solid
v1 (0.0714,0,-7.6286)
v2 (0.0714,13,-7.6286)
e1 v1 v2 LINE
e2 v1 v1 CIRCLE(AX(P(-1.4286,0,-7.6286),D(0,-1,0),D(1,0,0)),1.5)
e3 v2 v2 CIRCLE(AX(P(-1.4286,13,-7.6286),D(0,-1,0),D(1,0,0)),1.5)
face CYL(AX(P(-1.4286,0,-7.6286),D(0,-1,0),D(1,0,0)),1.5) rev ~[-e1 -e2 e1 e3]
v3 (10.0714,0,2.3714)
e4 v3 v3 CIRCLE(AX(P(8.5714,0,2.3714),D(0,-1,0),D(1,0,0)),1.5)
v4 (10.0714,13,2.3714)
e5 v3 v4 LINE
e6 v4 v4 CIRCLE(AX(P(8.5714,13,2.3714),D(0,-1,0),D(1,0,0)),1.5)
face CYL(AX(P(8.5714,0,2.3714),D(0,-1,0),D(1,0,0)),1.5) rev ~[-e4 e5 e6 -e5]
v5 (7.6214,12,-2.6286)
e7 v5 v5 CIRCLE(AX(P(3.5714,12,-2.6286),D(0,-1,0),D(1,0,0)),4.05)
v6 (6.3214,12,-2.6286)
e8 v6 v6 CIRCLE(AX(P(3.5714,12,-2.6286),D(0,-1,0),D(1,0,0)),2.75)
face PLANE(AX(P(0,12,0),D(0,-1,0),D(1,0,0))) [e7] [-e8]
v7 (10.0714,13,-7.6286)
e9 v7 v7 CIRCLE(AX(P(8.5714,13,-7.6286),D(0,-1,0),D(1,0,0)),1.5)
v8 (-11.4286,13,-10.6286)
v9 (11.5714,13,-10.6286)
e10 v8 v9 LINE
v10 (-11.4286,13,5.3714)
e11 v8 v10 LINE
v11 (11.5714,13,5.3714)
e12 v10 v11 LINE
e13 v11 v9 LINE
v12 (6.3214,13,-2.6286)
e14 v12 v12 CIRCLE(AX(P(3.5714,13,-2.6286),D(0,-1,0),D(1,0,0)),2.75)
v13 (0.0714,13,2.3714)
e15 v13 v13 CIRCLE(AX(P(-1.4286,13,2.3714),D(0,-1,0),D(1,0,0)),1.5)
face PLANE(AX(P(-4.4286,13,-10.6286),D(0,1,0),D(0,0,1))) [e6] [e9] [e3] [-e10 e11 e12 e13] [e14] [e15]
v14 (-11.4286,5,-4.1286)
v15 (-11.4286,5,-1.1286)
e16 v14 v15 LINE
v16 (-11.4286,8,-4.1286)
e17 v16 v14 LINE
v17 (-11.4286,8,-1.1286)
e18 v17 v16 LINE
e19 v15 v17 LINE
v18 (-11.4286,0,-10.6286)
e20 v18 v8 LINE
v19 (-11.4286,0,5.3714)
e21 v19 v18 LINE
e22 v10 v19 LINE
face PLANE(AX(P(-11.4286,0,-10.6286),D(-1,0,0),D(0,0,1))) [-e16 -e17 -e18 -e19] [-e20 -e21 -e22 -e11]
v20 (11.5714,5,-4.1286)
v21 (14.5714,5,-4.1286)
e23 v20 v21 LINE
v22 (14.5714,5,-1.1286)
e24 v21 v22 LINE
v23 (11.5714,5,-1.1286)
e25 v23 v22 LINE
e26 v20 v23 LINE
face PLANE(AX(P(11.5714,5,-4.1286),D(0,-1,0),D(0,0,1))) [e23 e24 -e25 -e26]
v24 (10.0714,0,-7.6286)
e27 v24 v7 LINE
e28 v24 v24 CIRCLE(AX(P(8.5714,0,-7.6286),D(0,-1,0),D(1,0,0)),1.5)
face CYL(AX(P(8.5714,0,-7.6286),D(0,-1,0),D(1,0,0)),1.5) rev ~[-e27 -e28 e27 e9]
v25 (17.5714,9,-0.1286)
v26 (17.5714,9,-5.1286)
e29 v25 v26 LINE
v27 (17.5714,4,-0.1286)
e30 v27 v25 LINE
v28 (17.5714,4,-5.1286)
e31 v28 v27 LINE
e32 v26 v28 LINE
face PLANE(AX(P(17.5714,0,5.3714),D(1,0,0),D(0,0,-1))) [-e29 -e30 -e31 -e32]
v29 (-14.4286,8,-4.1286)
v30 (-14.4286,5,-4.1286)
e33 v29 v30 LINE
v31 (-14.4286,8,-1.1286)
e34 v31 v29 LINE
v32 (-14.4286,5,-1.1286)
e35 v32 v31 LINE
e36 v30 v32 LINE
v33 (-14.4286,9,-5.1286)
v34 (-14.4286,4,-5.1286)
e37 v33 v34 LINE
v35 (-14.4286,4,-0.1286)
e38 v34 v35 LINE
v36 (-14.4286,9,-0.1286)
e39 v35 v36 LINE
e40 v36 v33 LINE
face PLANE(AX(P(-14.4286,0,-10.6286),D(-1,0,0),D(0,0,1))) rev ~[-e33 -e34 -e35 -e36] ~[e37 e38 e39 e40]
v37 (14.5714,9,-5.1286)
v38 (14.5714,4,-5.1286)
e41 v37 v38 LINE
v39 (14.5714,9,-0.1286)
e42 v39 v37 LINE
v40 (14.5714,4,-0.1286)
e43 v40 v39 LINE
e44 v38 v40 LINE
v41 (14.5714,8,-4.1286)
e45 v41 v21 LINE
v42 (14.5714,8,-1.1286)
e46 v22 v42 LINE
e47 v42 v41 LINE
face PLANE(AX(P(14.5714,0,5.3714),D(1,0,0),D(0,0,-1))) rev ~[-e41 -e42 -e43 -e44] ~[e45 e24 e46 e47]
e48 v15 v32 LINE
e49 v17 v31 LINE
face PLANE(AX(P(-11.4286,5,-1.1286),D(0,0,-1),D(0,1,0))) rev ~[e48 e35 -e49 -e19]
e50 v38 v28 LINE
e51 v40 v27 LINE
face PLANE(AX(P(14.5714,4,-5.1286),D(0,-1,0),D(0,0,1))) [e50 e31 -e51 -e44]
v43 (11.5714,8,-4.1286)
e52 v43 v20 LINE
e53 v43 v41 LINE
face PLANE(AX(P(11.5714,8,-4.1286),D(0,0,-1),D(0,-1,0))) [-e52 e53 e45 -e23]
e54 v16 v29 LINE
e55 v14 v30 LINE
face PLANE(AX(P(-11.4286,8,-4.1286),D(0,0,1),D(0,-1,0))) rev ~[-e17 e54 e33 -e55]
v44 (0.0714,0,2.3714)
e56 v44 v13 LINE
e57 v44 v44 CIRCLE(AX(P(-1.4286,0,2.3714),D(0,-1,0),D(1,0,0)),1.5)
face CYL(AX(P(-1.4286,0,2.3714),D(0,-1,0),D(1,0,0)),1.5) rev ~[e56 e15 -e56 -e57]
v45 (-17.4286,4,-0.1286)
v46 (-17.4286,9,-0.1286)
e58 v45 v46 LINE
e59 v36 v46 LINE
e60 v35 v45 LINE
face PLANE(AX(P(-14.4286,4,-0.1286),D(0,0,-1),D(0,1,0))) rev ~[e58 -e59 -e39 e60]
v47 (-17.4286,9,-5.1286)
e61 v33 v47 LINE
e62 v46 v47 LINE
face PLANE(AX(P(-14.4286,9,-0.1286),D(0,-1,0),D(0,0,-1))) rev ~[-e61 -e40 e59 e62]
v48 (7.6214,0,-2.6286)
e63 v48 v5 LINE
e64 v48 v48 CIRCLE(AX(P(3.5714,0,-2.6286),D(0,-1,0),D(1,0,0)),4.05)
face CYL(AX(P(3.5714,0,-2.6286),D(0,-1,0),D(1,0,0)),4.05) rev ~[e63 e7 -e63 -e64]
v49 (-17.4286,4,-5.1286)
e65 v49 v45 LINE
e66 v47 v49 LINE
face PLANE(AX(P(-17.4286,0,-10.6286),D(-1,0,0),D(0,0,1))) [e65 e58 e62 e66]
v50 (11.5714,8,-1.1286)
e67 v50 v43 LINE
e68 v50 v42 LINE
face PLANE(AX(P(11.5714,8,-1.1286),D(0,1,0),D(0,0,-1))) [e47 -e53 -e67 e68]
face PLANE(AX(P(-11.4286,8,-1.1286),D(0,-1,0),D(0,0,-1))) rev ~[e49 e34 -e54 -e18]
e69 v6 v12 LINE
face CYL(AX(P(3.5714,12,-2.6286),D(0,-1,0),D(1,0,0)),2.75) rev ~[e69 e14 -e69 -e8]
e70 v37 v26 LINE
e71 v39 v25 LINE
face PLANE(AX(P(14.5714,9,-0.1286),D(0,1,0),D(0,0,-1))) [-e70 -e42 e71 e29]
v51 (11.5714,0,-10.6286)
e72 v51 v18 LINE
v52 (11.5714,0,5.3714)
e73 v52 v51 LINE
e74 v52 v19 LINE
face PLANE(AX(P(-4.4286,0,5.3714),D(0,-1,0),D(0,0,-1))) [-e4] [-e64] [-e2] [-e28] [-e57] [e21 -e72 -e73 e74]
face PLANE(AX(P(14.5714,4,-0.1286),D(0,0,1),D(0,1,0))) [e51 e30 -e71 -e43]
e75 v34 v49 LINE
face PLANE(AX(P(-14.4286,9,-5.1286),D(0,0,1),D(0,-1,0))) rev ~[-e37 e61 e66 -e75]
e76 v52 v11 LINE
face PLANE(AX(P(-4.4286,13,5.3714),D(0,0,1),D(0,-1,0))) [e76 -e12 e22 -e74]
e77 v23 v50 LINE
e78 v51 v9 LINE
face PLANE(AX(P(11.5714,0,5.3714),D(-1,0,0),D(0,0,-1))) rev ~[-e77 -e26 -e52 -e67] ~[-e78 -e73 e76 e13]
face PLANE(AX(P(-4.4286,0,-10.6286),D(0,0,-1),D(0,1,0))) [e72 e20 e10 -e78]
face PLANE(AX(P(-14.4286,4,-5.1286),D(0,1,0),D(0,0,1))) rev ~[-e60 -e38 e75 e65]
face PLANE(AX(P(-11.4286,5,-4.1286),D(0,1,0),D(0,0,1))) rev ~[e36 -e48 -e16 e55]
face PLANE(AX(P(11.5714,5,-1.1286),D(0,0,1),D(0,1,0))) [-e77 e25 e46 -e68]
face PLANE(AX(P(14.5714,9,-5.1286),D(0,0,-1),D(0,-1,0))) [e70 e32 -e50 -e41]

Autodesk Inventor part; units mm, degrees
ref_plane "YZ Plane" through (0, 0, 0) normal (1, 0, 0) x (0, 1, 0)
ref_plane "XZ Plane" through (0, 0, 0) normal (0, 1, 0) x (-1, 0, 0)
ref_plane "XY Plane" through (0, 0, 0) normal (0, 0, 1) x (1, 0, 0)
sketch "Esquisse1" plane through (0, 0, 0) normal (0, 1, 0) x (-1, 0, 0)
  line L0 (4.4286, 5.3714) -> (-11.5714, 5.3714)
  line L1 (-11.5714, 5.3714) -> (-11.5714, -10.6286)
  line L2 (-11.5714, -10.6286) -> (4.4286, -10.6286)
  line L3 (4.4286, -10.6286) -> (4.4286, 5.3714)
  point P0 (0, 0)
  dimension "d0" = 16
  dimension "d1" = 16
extrude "Extrusion1" add sketch "Esquisse1" along normal blind 13
sketch "Esquisse2" plane through (0, 0, 0) normal (0, -1, 0) x (1, 0, 0)
  circle A0 centre (3.5714, -2.6286) radius 4.05
  line L0 (-4.4286, 5.3714) -> (11.5714, 5.3714) projected
  line L1 (11.5714, 5.3714) -> (11.5714, -10.6286) projected
  point P0 (0, 0)
  dimension "d4" = 8
  dimension "d5" = 8
  dimension "d6" = 8.1
extrude "Extrusion2" cut sketch "Esquisse2" against normal blind 12
sketch "Esquisse3" plane through (3.5714, 12, -2.6286) normal (0, -1, 0) x (1, 0, 0)
  circle A0 centre (0, 0) radius 2.75
  line L0 (8, -8) -> (-8, -8) projected
  line L1 (8, 8) -> (8, -8) projected
  point P0 (-3.5714, 2.6286)
  dimension "d9" = 5.5
  dimension "d10" = 8
  dimension "d11" = 8
extrude "Extrusion3" cut sketch "Esquisse3" against normal through all
sketch "Esquisse4" plane through (0, 0, 0) normal (0, -1, 0) x (1, 0, 0)
  circle A0 centre (8.5714, 2.3714) radius 1.5
  circle A1 centre (-1.4286, 2.3714) radius 1.5
  circle A2 centre (-1.4286, -7.6286) radius 1.5
  circle A3 centre (8.5714, -7.6286) radius 1.5
  line L0 (-4.4286, -10.6286) -> (-4.4286, 5.3714) projected
  line L1 (-4.4286, 5.3714) -> (11.5714, 5.3714) projected
  line L2 (11.5714, 5.3714) -> (11.5714, -10.6286) projected
  line L3 (11.5714, -10.6286) -> (-4.4286, -10.6286) projected
  point P0 (0, 0)
  dimension "d14" = 3
  dimension "d15" = 3
  dimension "d16" = 3
  dimension "d17" = 3
  dimension "d19" = 3
  dimension "d20" = 3
  dimension "d21" = 3
  dimension "d22" = 3
  dimension "d23" = 3
  dimension "d24" = 3
  dimension "d25" = 3
  dimension "d26" = 3
extrude "Extrusion4" cut sketch "Esquisse4" against normal through all contours A0 | A1 | A2 | A3
sketch "Esquisse6" plane through (11.5714, 0, 5.3714) normal (1, 0, 0) x (0, 0, -1)
  line L0 (6.5, 8) -> (9.5, 8)
  line L1 (9.5, 8) -> (9.5, 5)
  line L2 (9.5, 5) -> (6.5, 5)
  line L3 (6.5, 5) -> (6.5, 8)
  line L4 (0, 0) -> (0, 13) projected
  line L5 (0, 13) -> (16, 13) projected
  point P0 (5.3714, 0)
  dimension "d29" = 3
  dimension "d30" = 3
  dimension "d31" = 6.5
  dimension "d32" = 5
extrude "Extrusion5" add sketch "Esquisse6" along normal blind 3
sketch "Esquisse7" plane through (14.5714, 0, 5.3714) normal (1, 0, 0) x (0, 0, -1)
  line L0 (5.5, 9) -> (10.5, 9)
  line L1 (10.5, 9) -> (10.5, 4)
  line L2 (10.5, 4) -> (5.5, 4)
  line L3 (5.5, 4) -> (5.5, 9)
  line L4 (0, 13) -> (16, 13) projected
  line L5 (0, 0) -> (0, 13) projected
  point P0 (5.3714, 0)
  dimension "d35" = 5
  dimension "d36" = 5
  dimension "d37" = 4
  dimension "d38" = 5.5
extrude "Extrusion6" add sketch "Esquisse7" along normal blind 3
sketch "Esquisse8" plane through (-4.4286, 0, -10.6286) normal (-1, 0, 0) x (0, 0, 1)
  line L0 (0, 0) -> (0, 13) projected
  line L1 (0, 13) -> (16, 13)
  line L2 (16, 13) -> (16, 0)
  line L3 (16, 0) -> (0, 0)
  line L4 (0, 0) -> (0, 13)
  point P0 (10.6286, 0)
extrude "Extrusion7" add sketch "Esquisse8" along normal blind 7
sketch "Esquisse9" plane through (-11.4286, 0, -10.6286) normal (-1, 0, 0) x (0, 0, 1)
  line L0 (9.5, 8) -> (6.5, 8)
  line L1 (6.5, 8) -> (6.5, 5)
  line L2 (6.5, 5) -> (9.5, 5)
  line L3 (9.5, 5) -> (9.5, 8)
  line L4 (16, 0) -> (16, 13) projected
  line L5 (16, 13) -> (0, 13) projected
  point P0 (10.6286, 0)
  dimension "d43" = 6.5
  dimension "d44" = 5
  dimension "d45" = 3
  dimension "d46" = 3
extrude "Extrusion8" add sketch "Esquisse9" along normal blind 3
sketch "Esquisse10" plane through (-14.4286, 0, -10.6286) normal (-1, 0, 0) x (0, 0, 1)
  line L0 (10.5, 9) -> (5.5, 9)
  line L1 (5.5, 9) -> (5.5, 4)
  line L2 (5.5, 4) -> (10.5, 4)
  line L3 (10.5, 4) -> (10.5, 9)
  line L4 (16, 0) -> (16, 13) projected
  line L5 (0, 0) -> (16, 0) projected
  point P0 (10.6286, 0)
  dimension "d49" = 5.5
  dimension "d50" = 4
  dimension "d51" = 5
  dimension "d52" = 5
extrude "Extrusion9" add sketch "Esquisse10" along normal blind 3
properties part number "capuchon_roulement_8_1mm"
